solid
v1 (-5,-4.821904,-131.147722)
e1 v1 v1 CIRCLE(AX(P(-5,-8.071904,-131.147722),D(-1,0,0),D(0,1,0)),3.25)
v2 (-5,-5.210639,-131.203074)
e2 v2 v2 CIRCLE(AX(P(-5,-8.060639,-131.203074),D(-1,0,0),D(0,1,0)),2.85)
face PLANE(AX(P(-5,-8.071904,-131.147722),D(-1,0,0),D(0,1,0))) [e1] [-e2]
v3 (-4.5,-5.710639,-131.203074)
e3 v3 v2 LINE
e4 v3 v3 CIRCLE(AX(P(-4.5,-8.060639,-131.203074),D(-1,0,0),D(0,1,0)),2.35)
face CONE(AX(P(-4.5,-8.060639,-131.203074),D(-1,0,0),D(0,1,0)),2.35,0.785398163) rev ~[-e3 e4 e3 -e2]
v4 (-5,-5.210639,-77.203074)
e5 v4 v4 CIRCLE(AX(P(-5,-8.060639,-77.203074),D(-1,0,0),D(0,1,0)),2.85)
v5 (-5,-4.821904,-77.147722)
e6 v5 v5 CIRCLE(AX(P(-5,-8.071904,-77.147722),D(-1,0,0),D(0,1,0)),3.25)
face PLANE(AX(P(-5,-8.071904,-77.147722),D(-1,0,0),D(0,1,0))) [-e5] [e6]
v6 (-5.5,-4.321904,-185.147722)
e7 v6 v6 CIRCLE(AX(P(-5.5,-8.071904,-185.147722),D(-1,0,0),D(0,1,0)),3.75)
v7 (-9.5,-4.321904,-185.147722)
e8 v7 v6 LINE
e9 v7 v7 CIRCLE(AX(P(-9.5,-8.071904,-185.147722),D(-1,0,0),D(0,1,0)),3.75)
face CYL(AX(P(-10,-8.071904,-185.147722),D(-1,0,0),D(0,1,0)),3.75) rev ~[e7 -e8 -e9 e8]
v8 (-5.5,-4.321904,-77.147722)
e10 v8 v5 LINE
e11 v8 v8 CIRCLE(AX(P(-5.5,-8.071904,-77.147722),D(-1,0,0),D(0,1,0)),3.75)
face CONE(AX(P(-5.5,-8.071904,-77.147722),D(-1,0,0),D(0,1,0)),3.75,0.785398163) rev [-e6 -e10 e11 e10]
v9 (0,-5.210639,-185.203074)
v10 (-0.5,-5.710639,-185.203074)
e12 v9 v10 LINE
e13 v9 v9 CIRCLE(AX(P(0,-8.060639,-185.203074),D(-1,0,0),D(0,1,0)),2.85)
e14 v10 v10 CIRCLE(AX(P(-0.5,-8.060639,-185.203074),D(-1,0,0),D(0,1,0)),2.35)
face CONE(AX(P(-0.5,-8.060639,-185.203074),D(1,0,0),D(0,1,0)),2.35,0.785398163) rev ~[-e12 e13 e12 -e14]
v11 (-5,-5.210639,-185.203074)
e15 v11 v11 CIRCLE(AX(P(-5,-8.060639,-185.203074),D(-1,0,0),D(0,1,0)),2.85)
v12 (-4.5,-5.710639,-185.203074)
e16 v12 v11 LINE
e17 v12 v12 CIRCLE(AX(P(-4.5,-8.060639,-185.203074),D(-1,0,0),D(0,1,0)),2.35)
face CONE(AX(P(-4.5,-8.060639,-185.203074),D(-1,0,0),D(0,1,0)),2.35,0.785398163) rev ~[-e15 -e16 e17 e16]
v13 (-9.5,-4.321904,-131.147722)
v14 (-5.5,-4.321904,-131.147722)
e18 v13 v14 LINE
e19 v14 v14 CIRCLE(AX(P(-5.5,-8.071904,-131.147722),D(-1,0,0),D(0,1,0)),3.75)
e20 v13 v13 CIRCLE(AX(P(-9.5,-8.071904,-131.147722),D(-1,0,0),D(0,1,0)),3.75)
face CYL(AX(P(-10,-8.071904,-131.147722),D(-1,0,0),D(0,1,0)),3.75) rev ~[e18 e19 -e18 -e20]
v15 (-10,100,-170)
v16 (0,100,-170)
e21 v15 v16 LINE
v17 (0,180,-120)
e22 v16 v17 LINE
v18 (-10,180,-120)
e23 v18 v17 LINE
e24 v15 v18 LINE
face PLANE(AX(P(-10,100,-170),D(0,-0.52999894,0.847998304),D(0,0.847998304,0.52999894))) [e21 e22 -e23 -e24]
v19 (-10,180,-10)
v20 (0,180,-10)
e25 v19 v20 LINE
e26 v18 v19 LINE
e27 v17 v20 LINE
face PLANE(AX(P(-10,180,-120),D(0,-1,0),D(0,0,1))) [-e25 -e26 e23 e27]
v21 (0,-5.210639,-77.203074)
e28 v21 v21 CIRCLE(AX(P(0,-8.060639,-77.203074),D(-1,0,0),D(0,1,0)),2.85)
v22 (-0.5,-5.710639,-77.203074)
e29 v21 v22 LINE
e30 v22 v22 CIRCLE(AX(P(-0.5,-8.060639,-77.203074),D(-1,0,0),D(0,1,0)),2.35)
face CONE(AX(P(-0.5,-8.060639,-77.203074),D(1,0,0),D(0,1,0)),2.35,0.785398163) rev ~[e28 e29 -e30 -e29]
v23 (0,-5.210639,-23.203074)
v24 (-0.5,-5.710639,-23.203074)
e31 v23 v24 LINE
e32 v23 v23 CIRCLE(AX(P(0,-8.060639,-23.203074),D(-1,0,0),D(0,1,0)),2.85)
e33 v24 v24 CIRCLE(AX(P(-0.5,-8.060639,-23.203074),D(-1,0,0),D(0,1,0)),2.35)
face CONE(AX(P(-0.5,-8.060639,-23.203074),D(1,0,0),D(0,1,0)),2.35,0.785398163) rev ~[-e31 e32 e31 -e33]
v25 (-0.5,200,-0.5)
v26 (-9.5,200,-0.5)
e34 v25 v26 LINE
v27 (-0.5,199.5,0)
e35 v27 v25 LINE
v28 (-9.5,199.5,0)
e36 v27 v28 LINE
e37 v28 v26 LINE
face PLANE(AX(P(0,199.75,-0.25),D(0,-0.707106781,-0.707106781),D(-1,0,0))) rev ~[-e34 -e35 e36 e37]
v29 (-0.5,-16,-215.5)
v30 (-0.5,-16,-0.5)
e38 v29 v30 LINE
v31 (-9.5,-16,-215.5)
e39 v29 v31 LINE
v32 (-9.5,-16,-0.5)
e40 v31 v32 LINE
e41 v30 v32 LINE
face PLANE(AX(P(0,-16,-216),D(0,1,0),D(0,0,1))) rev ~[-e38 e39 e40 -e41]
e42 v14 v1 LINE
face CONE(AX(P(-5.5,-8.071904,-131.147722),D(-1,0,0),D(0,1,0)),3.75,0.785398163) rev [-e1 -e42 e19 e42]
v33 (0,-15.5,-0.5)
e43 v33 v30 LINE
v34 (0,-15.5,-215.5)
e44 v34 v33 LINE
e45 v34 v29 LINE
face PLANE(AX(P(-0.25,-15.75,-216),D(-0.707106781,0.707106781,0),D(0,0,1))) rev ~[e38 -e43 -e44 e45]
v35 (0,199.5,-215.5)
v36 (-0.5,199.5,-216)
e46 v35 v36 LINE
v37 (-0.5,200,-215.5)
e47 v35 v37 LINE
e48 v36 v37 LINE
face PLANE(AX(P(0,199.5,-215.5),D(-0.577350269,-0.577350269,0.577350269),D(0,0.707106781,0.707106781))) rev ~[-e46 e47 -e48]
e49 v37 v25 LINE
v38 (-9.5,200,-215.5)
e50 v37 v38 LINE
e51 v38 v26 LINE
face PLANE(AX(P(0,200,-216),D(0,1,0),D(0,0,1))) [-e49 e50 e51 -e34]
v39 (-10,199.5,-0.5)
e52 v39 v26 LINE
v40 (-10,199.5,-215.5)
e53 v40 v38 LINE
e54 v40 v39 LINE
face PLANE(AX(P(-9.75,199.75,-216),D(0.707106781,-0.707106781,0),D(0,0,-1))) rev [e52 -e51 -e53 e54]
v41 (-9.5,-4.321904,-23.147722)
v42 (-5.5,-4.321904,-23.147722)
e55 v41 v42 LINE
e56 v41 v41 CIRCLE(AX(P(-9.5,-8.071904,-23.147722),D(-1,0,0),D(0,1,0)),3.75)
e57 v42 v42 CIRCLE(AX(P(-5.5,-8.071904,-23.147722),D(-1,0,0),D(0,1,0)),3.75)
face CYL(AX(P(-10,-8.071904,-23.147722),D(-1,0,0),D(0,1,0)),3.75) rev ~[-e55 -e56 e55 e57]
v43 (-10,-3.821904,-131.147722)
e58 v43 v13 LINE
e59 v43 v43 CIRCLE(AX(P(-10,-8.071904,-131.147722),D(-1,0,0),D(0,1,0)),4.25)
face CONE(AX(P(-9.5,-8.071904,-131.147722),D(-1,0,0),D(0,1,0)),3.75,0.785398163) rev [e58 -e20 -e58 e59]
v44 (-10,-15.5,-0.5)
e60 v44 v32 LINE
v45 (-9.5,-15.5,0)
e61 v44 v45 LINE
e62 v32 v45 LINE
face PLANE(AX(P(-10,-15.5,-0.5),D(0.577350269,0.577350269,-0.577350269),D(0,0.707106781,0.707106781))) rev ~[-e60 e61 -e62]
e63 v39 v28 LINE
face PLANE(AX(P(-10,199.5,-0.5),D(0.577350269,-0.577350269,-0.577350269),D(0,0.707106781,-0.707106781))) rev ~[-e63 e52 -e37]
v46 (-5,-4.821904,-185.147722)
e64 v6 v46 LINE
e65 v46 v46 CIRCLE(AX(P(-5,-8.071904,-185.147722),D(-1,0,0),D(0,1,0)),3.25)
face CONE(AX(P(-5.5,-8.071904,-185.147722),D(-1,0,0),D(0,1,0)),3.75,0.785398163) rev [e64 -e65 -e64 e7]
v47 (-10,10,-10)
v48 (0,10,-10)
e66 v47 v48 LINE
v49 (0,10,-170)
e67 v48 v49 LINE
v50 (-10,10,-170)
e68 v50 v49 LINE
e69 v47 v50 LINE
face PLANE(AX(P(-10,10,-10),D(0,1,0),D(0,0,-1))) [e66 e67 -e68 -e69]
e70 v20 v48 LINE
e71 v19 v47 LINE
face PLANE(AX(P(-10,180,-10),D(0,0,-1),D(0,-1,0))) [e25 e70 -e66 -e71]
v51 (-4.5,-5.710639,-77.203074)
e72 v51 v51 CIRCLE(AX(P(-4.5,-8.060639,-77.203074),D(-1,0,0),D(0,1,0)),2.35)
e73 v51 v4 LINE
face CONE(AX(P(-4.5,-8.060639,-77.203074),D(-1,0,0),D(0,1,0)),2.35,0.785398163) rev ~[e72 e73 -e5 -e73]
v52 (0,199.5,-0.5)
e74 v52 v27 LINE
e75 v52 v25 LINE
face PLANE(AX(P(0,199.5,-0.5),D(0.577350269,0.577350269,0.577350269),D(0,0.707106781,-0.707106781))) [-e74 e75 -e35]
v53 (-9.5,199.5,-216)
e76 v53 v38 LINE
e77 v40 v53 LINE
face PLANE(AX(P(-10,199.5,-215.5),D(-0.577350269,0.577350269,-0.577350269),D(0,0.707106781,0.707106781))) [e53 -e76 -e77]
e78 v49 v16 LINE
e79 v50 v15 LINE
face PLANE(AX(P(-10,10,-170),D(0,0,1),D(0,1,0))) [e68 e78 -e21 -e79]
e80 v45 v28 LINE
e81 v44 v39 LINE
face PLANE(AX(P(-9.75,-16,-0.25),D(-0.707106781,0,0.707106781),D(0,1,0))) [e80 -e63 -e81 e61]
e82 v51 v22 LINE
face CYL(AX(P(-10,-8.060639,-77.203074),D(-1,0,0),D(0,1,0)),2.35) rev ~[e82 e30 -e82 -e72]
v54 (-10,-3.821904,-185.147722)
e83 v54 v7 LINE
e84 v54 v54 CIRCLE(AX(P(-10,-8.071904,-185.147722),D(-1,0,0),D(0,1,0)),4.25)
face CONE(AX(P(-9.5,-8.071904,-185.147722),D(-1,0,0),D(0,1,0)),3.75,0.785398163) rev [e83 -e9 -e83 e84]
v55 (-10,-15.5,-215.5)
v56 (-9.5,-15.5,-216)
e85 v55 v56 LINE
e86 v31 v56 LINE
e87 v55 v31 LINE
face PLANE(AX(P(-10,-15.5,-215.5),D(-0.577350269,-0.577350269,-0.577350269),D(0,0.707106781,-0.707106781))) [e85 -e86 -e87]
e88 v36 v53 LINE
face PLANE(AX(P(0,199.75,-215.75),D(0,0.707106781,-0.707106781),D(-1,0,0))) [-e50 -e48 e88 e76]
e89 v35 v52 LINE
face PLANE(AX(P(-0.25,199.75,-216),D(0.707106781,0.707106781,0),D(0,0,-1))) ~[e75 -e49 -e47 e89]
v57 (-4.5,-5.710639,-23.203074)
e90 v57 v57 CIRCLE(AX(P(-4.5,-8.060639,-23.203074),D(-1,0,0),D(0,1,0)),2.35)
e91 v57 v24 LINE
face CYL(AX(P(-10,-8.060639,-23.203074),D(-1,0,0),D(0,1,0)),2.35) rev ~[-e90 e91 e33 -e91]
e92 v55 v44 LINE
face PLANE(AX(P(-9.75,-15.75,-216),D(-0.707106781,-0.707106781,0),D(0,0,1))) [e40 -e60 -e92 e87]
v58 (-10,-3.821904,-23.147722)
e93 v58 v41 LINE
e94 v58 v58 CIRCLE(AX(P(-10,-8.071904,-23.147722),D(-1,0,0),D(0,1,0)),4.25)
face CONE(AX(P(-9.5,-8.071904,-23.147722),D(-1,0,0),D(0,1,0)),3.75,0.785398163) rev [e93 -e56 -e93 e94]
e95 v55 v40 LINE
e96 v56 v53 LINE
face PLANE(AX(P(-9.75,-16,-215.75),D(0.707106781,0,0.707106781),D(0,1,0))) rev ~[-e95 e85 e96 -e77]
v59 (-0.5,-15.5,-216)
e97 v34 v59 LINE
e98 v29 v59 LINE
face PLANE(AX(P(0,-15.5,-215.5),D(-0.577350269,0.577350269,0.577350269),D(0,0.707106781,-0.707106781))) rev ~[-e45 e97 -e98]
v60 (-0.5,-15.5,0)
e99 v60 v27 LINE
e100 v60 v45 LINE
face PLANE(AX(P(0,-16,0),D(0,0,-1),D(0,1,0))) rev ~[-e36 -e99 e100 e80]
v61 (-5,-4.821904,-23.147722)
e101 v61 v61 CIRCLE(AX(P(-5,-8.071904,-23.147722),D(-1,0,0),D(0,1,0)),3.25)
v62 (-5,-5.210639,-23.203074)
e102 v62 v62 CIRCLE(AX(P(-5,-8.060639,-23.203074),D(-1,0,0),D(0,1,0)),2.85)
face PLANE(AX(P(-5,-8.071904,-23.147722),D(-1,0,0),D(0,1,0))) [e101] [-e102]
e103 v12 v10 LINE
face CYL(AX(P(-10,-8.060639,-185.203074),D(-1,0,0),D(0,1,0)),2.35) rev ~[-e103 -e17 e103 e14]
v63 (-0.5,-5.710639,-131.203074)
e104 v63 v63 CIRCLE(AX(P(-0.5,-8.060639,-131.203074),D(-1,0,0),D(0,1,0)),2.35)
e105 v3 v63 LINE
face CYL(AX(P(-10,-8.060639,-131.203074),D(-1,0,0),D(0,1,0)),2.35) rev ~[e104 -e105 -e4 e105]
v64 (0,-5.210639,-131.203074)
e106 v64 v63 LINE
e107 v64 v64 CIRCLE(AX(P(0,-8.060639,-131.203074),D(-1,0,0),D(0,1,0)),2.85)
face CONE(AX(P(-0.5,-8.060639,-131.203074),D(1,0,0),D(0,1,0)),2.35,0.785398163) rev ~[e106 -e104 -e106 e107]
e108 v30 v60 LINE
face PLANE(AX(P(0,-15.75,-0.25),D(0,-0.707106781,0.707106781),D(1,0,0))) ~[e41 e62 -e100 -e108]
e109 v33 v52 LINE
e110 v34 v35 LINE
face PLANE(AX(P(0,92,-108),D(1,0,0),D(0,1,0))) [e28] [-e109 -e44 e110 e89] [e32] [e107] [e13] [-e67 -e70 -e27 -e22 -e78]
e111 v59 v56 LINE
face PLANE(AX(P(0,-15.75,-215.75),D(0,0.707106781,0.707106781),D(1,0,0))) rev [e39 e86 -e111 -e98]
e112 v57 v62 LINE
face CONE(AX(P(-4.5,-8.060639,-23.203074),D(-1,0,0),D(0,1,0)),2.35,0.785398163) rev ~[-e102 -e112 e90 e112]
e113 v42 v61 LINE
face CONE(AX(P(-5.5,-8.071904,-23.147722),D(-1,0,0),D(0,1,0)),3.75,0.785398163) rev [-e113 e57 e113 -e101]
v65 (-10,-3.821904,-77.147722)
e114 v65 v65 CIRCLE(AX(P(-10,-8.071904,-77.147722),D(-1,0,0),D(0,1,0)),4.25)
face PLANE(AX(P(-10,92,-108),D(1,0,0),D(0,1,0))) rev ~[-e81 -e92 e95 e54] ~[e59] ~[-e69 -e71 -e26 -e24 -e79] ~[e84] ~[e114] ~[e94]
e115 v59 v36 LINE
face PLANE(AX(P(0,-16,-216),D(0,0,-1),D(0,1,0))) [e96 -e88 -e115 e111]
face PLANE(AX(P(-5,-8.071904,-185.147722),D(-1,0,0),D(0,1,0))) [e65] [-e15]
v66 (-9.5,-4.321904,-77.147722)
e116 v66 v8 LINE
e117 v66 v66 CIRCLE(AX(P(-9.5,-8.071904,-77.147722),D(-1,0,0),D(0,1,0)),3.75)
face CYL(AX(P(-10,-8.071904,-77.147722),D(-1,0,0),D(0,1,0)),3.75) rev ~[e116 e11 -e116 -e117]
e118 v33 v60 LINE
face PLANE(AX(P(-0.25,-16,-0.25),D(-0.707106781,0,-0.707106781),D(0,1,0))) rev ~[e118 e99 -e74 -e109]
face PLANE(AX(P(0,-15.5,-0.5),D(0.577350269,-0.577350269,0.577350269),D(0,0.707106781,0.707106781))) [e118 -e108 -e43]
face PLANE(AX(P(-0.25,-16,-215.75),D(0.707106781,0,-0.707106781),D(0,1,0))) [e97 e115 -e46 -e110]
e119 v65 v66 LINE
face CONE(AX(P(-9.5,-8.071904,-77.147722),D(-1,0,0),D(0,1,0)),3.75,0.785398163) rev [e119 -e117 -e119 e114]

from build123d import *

# Parameters (mm, degrees)
SKETCH011_W     = 216
SKETCH011_H     = 216
PAD005_DEPTH    = 10
SKETCH014_R     = 2.35
POCKET008_DEPTH = 11
SKETCH015_R     = 3.75
POCKET009_DEPTH = 5
CHAMFER001_SIZE = 0.5
POCKET010_DEPTH = 10


with BuildPart() as part:
    # Sketch011 → Pad005 (new body)
    with BuildSketch(Plane.YZ):
        with Locations((92, -108)):
            Rectangle(SKETCH011_W, SKETCH011_H)
    extrude(amount=-PAD005_DEPTH)

    # Sketch014 (on Face6 of Pad005) → Pocket008 (cut)
    with BuildSketch(Plane(origin=(-10, 0, 0), x_dir=(0, 1, 0), z_dir=(-1, 0, 0))):
        with Locations((-8.060639, 185.203074)):
            Circle(SKETCH014_R)
        with Locations((-8.060639, 131.203074)):
            Circle(SKETCH014_R)
        with Locations((-8.060639, 77.203074)):
            Circle(SKETCH014_R)
        with Locations((-8.060639, 23.203074)):
            Circle(SKETCH014_R)
    extrude(amount=-POCKET008_DEPTH, mode=Mode.SUBTRACT)

    # Sketch015 (on Face5 of Pocket008) → Pocket009 (cut)
    with BuildSketch(Plane(origin=(-10, 0, 0), x_dir=(0, 1, 0), z_dir=(-1, 0, 0))):
        with Locations((-8.071904, 23.147722)):
            Circle(SKETCH015_R)
        with Locations((-8.071904, 77.147722)):
            Circle(SKETCH015_R)
        with Locations((-8.071904, 131.147722)):
            Circle(SKETCH015_R)
        with Locations((-8.071904, 185.147722)):
            Circle(SKETCH015_R)
    extrude(amount=-POCKET009_DEPTH, mode=Mode.SUBTRACT)

    # Chamfer001
    chamfer001_edges = [part.edges().sort_by_distance(p)[0] for p in [
        (-5, -16, 0),
        (-5, -16, -216),
        (0, -16, -108),
        (-10, -16, -108),
        (-5, 200, 0),
        (0, 92, 0),
        (-10, 92, 0),
        (-5, 200, -216),
        (0, 92, -216),
        (-10, 92, -216),
        (0, 200, -108),
        (0, -10.410639, -185.203074),
        (0, -10.410639, -131.203074),
        (0, -10.410639, -77.203074),
        (0, -10.410639, -23.203074),
        (-10, 200, -108),
        (-10, -11.821904, -23.147722),
        (-10, -11.821904, -185.147722),
        (-10, -11.821904, -131.147722),
        (-10, -11.821904, -77.147722),
        (-5, -10.410639, -185.203074),
        (-2.5, -5.710639, -185.203074),
        (-5, -10.410639, -131.203074),
        (-2.5, -5.710639, -131.203074),
        (-5, -10.410639, -77.203074),
        (-2.5, -5.710639, -77.203074),
        (-5, -10.410639, -23.203074),
        (-2.5, -5.710639, -23.203074),
        (-7.5, -4.321904, -23.147722),
        (-5, -11.821904, -23.147722),
        (-7.5, -4.321904, -185.147722),
        (-5, -11.821904, -185.147722),
        (-7.5, -4.321904, -131.147722),
        (-5, -11.821904, -131.147722),
        (-7.5, -4.321904, -77.147722),
        (-5, -11.821904, -77.147722),
    ]]
    chamfer(chamfer001_edges, length=CHAMFER001_SIZE)

    # Sketch016 (on Face11 of Chamfer001) → Pocket010 (cut)
    with BuildSketch(Plane(origin=(-10, 0, 0), x_dir=(0, 1, 0), z_dir=(-1, 0, 0))):
        Polygon((180, 10), (10, 10), (10, 170), (100, 170), (180, 120), align=None)
    extrude(amount=-POCKET010_DEPTH, mode=Mode.SUBTRACT)


solid = part.part
